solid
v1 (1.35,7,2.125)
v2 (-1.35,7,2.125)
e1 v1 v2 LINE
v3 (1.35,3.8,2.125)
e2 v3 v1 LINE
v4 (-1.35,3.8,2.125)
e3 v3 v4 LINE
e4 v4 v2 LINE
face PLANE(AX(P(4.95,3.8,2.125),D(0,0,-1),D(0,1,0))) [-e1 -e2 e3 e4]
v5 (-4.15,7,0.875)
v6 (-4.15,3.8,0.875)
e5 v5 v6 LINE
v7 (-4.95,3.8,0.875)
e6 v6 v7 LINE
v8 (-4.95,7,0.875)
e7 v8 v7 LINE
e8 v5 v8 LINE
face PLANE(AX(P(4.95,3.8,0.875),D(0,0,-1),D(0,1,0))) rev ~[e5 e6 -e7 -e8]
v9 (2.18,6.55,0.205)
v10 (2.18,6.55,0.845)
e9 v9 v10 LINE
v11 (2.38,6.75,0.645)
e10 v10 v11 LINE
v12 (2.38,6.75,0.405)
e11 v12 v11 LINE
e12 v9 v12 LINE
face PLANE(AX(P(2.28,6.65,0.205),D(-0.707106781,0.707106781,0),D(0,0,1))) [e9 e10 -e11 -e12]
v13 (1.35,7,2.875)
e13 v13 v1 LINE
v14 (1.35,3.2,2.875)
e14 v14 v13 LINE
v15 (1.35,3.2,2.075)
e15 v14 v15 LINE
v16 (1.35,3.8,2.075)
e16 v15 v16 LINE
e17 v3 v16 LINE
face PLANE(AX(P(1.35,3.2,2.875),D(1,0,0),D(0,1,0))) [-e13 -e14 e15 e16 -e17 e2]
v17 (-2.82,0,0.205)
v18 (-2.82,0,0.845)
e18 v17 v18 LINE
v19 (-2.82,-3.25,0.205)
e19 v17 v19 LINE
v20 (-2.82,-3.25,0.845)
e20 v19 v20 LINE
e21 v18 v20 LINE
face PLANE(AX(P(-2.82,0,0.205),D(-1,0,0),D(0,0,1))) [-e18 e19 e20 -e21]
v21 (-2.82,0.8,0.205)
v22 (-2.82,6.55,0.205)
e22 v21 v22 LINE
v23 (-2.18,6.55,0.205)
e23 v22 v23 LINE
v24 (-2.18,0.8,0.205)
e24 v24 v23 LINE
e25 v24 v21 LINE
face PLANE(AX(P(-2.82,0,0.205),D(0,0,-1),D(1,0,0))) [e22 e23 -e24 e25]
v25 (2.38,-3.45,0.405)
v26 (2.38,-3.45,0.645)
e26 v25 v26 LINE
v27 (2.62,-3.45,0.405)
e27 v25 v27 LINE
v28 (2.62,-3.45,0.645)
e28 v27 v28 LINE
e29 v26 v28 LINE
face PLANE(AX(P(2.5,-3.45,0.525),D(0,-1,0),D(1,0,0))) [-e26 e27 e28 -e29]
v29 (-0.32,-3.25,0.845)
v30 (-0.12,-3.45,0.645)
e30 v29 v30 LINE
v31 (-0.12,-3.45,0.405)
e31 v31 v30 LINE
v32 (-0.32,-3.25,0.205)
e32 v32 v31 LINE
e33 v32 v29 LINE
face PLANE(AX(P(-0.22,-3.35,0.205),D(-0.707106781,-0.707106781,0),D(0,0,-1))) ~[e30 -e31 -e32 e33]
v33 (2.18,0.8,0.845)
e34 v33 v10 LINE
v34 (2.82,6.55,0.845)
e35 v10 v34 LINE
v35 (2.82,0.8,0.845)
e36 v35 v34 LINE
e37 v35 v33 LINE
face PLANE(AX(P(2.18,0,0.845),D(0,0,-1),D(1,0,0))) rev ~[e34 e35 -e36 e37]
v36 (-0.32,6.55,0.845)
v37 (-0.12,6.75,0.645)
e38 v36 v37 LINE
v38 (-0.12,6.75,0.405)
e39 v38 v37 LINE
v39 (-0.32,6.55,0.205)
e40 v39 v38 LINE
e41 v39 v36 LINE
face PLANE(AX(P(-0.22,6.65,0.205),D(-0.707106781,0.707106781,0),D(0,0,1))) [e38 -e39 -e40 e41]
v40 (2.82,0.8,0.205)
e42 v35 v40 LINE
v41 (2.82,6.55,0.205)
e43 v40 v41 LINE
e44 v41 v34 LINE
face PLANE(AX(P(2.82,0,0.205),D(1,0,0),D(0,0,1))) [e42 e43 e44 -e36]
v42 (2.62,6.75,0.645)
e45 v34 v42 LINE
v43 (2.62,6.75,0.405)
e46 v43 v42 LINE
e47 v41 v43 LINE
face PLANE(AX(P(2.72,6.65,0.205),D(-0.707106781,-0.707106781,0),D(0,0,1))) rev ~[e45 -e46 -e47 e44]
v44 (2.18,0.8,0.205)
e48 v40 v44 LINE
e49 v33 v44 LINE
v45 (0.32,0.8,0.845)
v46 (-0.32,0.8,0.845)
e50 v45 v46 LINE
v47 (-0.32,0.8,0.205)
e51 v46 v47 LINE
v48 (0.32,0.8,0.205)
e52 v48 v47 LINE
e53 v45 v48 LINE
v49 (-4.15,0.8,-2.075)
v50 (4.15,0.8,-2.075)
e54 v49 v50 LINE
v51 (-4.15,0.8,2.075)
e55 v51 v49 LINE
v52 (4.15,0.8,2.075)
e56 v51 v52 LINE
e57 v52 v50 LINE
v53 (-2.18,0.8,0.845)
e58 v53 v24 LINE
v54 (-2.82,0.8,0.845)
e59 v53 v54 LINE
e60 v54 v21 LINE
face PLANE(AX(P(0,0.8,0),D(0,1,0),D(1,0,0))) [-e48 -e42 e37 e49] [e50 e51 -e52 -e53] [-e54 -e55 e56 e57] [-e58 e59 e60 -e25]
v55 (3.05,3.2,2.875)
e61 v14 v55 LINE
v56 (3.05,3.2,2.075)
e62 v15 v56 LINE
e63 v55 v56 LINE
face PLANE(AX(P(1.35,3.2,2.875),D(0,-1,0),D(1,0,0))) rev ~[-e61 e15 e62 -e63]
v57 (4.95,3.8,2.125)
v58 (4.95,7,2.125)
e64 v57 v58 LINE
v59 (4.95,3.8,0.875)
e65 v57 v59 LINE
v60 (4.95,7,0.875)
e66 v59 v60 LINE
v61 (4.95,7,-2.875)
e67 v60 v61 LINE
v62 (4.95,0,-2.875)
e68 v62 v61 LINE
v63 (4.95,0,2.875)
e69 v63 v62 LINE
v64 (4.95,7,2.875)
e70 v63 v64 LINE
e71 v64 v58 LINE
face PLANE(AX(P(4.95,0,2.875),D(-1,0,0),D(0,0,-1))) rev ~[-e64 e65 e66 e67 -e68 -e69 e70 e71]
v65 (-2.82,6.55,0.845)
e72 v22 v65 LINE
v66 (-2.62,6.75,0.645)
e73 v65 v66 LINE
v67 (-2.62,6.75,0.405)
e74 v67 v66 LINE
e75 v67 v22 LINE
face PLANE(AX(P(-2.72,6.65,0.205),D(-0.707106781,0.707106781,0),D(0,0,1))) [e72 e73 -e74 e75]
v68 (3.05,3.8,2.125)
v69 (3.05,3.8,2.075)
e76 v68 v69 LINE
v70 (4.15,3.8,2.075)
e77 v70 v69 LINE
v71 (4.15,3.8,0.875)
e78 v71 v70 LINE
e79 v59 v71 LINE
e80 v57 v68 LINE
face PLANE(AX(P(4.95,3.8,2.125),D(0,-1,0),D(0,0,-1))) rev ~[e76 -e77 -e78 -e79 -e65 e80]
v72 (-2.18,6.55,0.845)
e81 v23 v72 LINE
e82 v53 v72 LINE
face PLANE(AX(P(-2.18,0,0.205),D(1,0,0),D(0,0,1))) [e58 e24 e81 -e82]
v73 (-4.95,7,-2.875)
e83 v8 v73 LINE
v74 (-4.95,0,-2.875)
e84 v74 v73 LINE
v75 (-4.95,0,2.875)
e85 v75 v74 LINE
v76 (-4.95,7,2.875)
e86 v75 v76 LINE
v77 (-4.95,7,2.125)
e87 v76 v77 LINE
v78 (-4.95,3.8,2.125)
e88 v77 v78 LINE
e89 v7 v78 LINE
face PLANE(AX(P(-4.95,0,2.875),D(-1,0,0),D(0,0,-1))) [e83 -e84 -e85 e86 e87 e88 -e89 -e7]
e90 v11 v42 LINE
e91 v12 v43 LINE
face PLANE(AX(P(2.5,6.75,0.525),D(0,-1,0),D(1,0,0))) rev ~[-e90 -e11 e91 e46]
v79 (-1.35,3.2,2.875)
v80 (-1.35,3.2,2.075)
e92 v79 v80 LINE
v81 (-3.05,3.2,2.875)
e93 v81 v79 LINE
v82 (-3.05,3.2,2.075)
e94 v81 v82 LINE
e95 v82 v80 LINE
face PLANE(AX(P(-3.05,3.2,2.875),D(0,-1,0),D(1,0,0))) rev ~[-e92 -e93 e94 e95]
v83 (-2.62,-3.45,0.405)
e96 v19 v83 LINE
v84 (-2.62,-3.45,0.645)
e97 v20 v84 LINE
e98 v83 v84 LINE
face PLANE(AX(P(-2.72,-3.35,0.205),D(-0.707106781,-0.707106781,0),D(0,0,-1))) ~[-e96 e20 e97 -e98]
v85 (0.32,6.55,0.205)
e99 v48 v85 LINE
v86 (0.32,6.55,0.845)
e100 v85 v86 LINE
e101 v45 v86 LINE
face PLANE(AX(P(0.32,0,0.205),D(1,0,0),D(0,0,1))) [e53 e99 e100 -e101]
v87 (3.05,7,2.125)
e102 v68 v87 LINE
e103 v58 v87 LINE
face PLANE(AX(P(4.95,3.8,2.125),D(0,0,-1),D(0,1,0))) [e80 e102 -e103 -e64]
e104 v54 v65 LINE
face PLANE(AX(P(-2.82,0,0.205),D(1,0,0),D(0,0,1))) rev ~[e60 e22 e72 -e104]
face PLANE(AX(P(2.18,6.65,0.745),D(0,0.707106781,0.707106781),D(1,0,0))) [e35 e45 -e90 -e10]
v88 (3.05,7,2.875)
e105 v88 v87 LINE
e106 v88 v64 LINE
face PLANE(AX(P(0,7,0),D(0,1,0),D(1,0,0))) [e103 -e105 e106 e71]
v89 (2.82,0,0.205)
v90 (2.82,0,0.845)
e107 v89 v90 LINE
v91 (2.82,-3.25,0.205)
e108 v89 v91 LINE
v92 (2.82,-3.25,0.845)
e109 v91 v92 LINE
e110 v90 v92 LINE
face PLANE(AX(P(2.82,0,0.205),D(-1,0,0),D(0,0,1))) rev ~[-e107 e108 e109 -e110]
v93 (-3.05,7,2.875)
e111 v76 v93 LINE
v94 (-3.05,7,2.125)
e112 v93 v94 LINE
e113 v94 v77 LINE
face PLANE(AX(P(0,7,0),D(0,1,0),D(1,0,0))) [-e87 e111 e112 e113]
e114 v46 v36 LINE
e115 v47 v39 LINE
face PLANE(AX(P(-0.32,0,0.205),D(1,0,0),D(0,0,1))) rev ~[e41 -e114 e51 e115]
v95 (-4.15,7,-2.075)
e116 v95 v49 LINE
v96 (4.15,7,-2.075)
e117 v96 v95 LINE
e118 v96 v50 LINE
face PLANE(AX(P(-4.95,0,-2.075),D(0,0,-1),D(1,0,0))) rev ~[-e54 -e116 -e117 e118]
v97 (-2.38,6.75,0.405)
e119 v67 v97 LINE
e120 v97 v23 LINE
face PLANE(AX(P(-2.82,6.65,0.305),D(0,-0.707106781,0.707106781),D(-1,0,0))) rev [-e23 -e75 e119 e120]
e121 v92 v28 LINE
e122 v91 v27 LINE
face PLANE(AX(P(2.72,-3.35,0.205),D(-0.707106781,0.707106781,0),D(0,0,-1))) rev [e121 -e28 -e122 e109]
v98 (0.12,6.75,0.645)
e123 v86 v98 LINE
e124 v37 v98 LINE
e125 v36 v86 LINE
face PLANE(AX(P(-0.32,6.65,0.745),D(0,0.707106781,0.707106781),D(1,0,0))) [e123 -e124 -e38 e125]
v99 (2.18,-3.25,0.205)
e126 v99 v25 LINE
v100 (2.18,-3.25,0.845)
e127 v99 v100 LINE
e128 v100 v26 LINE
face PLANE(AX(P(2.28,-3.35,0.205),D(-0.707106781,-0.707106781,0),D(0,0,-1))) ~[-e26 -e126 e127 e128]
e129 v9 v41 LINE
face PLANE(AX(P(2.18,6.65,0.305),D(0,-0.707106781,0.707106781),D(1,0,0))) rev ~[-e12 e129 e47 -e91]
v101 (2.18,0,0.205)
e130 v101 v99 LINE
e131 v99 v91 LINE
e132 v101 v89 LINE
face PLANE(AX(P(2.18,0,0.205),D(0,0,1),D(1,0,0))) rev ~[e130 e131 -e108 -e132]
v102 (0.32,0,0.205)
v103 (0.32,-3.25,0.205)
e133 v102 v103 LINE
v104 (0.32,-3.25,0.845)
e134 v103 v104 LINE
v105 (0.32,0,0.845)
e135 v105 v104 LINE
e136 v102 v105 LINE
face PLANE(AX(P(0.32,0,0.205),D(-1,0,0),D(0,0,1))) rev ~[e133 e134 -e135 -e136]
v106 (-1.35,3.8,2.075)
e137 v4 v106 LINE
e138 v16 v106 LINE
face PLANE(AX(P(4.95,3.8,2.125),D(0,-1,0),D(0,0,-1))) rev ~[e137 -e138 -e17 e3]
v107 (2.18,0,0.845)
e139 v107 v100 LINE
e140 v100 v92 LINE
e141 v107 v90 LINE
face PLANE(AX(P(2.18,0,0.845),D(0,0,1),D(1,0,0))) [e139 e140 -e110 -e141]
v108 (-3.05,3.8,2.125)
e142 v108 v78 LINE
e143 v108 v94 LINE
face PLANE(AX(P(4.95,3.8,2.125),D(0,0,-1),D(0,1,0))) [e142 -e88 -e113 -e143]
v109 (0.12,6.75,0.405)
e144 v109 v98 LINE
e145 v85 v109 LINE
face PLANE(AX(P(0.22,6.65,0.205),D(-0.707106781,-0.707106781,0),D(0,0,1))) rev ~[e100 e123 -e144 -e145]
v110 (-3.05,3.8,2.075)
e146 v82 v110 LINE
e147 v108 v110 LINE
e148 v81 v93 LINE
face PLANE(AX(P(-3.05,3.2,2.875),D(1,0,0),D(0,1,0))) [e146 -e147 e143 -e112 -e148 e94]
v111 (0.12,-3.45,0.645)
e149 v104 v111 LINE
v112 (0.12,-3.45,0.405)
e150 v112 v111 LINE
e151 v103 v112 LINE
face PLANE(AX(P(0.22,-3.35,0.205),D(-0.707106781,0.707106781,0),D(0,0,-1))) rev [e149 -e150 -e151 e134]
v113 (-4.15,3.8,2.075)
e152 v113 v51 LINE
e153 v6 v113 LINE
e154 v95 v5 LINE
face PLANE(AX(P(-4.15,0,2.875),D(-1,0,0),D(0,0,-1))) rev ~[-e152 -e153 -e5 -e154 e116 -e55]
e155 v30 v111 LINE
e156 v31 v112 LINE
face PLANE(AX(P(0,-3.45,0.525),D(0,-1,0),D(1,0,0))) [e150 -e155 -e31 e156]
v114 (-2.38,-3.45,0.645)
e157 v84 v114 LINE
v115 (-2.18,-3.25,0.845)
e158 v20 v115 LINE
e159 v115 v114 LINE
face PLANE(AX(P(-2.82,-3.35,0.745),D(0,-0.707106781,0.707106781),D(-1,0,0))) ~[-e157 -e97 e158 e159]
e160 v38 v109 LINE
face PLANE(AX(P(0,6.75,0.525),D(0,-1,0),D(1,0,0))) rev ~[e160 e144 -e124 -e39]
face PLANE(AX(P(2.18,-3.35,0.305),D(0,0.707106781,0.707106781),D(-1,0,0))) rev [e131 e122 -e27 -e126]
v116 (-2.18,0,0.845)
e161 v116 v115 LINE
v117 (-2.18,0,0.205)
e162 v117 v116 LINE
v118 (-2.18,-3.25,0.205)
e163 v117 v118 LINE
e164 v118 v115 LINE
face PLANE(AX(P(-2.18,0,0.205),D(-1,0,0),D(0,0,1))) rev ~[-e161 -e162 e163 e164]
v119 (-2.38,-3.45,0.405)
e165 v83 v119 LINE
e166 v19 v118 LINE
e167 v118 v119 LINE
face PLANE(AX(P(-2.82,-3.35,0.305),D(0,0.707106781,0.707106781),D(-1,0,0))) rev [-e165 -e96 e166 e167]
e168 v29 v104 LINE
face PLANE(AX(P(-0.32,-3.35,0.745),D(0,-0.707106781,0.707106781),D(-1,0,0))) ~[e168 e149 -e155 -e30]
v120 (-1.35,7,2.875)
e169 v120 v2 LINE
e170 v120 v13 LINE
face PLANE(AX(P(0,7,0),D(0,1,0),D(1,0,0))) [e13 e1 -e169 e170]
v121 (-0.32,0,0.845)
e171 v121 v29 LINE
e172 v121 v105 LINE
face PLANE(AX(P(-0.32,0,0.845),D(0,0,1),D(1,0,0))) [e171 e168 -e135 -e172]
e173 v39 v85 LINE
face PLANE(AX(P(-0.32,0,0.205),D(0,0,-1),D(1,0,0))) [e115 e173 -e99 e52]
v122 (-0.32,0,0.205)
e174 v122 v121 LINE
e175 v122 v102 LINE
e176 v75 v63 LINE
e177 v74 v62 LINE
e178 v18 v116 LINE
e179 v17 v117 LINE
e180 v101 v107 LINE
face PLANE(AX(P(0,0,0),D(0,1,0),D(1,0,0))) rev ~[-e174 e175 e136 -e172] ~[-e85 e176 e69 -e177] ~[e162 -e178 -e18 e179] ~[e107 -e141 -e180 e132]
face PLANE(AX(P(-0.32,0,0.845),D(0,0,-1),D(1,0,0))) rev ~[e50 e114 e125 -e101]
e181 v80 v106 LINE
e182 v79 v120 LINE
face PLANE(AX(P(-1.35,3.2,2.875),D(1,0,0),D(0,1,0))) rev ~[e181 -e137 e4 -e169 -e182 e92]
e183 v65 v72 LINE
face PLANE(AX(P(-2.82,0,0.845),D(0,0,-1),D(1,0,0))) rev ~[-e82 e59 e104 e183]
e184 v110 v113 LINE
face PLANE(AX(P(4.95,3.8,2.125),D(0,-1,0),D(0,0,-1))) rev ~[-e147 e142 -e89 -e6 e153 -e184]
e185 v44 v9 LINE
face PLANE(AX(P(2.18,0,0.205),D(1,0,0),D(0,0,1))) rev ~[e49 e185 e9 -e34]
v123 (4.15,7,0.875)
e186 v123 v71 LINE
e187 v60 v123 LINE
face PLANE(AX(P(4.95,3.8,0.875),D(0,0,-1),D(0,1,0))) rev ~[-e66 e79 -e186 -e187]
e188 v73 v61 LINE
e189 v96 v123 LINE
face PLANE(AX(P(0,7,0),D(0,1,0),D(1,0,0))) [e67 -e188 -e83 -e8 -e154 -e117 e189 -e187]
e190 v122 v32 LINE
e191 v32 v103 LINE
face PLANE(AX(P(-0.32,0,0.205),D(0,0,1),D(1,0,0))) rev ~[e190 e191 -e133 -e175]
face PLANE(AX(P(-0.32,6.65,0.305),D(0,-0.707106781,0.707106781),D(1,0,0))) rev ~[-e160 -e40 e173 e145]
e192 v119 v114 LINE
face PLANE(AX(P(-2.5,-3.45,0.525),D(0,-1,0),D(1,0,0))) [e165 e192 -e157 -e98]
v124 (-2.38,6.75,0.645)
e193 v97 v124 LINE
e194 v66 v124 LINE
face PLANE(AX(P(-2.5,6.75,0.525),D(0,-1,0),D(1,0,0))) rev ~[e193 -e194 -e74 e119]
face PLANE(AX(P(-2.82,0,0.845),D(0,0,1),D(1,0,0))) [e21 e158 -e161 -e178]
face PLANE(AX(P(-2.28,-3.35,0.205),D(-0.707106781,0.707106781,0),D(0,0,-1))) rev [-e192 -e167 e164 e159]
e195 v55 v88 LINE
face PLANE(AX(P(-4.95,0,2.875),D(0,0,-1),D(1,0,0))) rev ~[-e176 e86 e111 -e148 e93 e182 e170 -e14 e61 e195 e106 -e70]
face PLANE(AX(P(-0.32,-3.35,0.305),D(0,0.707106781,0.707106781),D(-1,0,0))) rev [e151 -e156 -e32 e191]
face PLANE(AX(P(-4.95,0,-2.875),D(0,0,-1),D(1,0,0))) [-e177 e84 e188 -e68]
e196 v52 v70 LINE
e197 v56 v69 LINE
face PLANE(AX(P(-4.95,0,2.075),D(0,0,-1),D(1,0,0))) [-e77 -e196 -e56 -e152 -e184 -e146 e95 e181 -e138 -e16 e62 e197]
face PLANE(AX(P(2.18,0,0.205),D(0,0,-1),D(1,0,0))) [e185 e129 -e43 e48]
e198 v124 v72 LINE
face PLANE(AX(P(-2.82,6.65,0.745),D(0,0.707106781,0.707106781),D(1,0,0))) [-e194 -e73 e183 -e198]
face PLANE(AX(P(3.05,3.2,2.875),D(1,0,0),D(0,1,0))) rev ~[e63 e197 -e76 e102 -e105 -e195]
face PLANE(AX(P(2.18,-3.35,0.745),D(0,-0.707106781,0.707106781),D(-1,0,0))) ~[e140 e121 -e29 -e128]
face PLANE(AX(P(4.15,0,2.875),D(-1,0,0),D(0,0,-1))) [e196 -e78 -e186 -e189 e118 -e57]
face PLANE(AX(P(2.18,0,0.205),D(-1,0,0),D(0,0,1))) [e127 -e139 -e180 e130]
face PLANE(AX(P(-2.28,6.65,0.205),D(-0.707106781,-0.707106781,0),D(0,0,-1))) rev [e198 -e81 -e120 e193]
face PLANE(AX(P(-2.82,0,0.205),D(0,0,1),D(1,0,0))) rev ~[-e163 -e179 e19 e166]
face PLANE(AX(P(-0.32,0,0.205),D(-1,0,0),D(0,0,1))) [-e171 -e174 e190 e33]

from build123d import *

# Parameters (mm, degrees)
SKETCH1_W                = 9.9
SKETCH1_H                = 5.75
BOSS_EXTRUDE1_DEPTH      = 7
SHELL1_T                 = -0.8
SKETCH2_W                = 1.25
SKETCH2_H                = 3.2
CUT_EXTRUDE1_DEPTH       = 10.9
CUT_EXTRUDE2_REACH       = 7.75
SKETCH3_W                = 1.7
SKETCH3_H                = 3.8
SKETCH4_W                = 0.64
SKETCH4_H                = 0.64
BOSS_EXTRUDE2_DEPTH      = 3.45
BOSS_EXTRUDE2_DEPTH_BACK = 6.75
CHAMFER1_SIZE            = 0.2


with BuildPart() as part:
    # Sketch1 → Boss-Extrude1 (new body)
    with BuildSketch(Plane(origin=(0, 0, 0), x_dir=(1, 0, 0), z_dir=(0, 1, 0))):
        Rectangle(SKETCH1_W, SKETCH1_H)
    extrude(amount=BOSS_EXTRUDE1_DEPTH)

    # Shell1
    shell1_openings = [part.faces().sort_by_distance(p)[0] for p in [
        (0, 7, 0),
    ]]
    offset(amount=SHELL1_T, openings=shell1_openings, kind=Kind.INTERSECTION)

    # Sketch2 → Cut-Extrude1 (cut, through all)
    with BuildSketch(Plane(origin=(4.95, 0, 0), x_dir=(0, 0, -1), z_dir=(1, 0, 0))):
        with Locations((-1.5, 5.4)):
            Rectangle(SKETCH2_W, SKETCH2_H)
    extrude(amount=-CUT_EXTRUDE1_DEPTH, mode=Mode.SUBTRACT)

    # Sketch3 → Cut-Extrude2 (cut, up to next)
    with BuildSketch(Plane.XY.offset(2.875), mode=Mode.PRIVATE) as cut_extrude2_sk1:
        with Locations((-2.2, 5.1)):
            Rectangle(SKETCH3_W, SKETCH3_H)
    cut_extrude2_tool1 = extrude(cut_extrude2_sk1.sketch, amount=-CUT_EXTRUDE2_REACH, mode=Mode.PRIVATE) & part.part
    add(cut_extrude2_tool1.solids().sort_by_distance((-2.2, 5.1, 2.875))[0], mode=Mode.SUBTRACT)
    # Sketch3 → Cut-Extrude2 (cut, up to next)
    with BuildSketch(Plane.XY.offset(2.875), mode=Mode.PRIVATE) as cut_extrude2_sk2:
        with Locations((2.2, 5.1)):
            Rectangle(SKETCH3_W, SKETCH3_H)
    cut_extrude2_tool2 = extrude(cut_extrude2_sk2.sketch, amount=-CUT_EXTRUDE2_REACH, mode=Mode.PRIVATE) & part.part
    add(cut_extrude2_tool2.solids().sort_by_distance((2.2, 5.1, 2.875))[0], mode=Mode.SUBTRACT)

    # Sketch4 → Boss-Extrude2 (add, two sides)
    with BuildSketch(Plane.XZ) as boss_extrude2_sk:
        with Locations((-2.5, 0.525)):
            Rectangle(SKETCH4_W, SKETCH4_H)
        with Locations((0, 0.525)):
            Rectangle(SKETCH4_W, SKETCH4_H)
        with Locations((2.5, 0.525)):
            Rectangle(SKETCH4_W, SKETCH4_H)
    extrude(amount=BOSS_EXTRUDE2_DEPTH)
    extrude(boss_extrude2_sk.sketch, amount=-BOSS_EXTRUDE2_DEPTH_BACK)

    # Chamfer1
    chamfer1_edges = [part.edges().sort_by_distance(p)[0] for p in [
        (0.32, 6.75, 0.525),
        (0, 6.75, 0.205),
        (-0.32, 6.75, 0.525),
        (0, 6.75, 0.845),
        (0.32, -3.45, 0.525),
        (0, -3.45, 0.845),
        (-0.32, -3.45, 0.525),
        (0, -3.45, 0.205),
        (2.82, 6.75, 0.525),
        (2.5, 6.75, 0.205),
        (2.18, 6.75, 0.525),
        (2.5, 6.75, 0.845),
        (2.82, -3.45, 0.525),
        (2.5, -3.45, 0.845),
        (2.18, -3.45, 0.525),
        (2.5, -3.45, 0.205),
        (-2.18, 6.75, 0.525),
        (-2.5, 6.75, 0.205),
        (-2.82, 6.75, 0.525),
        (-2.5, 6.75, 0.845),
        (-2.18, -3.45, 0.525),
        (-2.5, -3.45, 0.845),
        (-2.82, -3.45, 0.525),
        (-2.5, -3.45, 0.205),
    ]]
    chamfer(chamfer1_edges, length=CHAMFER1_SIZE)


solid = part.part
